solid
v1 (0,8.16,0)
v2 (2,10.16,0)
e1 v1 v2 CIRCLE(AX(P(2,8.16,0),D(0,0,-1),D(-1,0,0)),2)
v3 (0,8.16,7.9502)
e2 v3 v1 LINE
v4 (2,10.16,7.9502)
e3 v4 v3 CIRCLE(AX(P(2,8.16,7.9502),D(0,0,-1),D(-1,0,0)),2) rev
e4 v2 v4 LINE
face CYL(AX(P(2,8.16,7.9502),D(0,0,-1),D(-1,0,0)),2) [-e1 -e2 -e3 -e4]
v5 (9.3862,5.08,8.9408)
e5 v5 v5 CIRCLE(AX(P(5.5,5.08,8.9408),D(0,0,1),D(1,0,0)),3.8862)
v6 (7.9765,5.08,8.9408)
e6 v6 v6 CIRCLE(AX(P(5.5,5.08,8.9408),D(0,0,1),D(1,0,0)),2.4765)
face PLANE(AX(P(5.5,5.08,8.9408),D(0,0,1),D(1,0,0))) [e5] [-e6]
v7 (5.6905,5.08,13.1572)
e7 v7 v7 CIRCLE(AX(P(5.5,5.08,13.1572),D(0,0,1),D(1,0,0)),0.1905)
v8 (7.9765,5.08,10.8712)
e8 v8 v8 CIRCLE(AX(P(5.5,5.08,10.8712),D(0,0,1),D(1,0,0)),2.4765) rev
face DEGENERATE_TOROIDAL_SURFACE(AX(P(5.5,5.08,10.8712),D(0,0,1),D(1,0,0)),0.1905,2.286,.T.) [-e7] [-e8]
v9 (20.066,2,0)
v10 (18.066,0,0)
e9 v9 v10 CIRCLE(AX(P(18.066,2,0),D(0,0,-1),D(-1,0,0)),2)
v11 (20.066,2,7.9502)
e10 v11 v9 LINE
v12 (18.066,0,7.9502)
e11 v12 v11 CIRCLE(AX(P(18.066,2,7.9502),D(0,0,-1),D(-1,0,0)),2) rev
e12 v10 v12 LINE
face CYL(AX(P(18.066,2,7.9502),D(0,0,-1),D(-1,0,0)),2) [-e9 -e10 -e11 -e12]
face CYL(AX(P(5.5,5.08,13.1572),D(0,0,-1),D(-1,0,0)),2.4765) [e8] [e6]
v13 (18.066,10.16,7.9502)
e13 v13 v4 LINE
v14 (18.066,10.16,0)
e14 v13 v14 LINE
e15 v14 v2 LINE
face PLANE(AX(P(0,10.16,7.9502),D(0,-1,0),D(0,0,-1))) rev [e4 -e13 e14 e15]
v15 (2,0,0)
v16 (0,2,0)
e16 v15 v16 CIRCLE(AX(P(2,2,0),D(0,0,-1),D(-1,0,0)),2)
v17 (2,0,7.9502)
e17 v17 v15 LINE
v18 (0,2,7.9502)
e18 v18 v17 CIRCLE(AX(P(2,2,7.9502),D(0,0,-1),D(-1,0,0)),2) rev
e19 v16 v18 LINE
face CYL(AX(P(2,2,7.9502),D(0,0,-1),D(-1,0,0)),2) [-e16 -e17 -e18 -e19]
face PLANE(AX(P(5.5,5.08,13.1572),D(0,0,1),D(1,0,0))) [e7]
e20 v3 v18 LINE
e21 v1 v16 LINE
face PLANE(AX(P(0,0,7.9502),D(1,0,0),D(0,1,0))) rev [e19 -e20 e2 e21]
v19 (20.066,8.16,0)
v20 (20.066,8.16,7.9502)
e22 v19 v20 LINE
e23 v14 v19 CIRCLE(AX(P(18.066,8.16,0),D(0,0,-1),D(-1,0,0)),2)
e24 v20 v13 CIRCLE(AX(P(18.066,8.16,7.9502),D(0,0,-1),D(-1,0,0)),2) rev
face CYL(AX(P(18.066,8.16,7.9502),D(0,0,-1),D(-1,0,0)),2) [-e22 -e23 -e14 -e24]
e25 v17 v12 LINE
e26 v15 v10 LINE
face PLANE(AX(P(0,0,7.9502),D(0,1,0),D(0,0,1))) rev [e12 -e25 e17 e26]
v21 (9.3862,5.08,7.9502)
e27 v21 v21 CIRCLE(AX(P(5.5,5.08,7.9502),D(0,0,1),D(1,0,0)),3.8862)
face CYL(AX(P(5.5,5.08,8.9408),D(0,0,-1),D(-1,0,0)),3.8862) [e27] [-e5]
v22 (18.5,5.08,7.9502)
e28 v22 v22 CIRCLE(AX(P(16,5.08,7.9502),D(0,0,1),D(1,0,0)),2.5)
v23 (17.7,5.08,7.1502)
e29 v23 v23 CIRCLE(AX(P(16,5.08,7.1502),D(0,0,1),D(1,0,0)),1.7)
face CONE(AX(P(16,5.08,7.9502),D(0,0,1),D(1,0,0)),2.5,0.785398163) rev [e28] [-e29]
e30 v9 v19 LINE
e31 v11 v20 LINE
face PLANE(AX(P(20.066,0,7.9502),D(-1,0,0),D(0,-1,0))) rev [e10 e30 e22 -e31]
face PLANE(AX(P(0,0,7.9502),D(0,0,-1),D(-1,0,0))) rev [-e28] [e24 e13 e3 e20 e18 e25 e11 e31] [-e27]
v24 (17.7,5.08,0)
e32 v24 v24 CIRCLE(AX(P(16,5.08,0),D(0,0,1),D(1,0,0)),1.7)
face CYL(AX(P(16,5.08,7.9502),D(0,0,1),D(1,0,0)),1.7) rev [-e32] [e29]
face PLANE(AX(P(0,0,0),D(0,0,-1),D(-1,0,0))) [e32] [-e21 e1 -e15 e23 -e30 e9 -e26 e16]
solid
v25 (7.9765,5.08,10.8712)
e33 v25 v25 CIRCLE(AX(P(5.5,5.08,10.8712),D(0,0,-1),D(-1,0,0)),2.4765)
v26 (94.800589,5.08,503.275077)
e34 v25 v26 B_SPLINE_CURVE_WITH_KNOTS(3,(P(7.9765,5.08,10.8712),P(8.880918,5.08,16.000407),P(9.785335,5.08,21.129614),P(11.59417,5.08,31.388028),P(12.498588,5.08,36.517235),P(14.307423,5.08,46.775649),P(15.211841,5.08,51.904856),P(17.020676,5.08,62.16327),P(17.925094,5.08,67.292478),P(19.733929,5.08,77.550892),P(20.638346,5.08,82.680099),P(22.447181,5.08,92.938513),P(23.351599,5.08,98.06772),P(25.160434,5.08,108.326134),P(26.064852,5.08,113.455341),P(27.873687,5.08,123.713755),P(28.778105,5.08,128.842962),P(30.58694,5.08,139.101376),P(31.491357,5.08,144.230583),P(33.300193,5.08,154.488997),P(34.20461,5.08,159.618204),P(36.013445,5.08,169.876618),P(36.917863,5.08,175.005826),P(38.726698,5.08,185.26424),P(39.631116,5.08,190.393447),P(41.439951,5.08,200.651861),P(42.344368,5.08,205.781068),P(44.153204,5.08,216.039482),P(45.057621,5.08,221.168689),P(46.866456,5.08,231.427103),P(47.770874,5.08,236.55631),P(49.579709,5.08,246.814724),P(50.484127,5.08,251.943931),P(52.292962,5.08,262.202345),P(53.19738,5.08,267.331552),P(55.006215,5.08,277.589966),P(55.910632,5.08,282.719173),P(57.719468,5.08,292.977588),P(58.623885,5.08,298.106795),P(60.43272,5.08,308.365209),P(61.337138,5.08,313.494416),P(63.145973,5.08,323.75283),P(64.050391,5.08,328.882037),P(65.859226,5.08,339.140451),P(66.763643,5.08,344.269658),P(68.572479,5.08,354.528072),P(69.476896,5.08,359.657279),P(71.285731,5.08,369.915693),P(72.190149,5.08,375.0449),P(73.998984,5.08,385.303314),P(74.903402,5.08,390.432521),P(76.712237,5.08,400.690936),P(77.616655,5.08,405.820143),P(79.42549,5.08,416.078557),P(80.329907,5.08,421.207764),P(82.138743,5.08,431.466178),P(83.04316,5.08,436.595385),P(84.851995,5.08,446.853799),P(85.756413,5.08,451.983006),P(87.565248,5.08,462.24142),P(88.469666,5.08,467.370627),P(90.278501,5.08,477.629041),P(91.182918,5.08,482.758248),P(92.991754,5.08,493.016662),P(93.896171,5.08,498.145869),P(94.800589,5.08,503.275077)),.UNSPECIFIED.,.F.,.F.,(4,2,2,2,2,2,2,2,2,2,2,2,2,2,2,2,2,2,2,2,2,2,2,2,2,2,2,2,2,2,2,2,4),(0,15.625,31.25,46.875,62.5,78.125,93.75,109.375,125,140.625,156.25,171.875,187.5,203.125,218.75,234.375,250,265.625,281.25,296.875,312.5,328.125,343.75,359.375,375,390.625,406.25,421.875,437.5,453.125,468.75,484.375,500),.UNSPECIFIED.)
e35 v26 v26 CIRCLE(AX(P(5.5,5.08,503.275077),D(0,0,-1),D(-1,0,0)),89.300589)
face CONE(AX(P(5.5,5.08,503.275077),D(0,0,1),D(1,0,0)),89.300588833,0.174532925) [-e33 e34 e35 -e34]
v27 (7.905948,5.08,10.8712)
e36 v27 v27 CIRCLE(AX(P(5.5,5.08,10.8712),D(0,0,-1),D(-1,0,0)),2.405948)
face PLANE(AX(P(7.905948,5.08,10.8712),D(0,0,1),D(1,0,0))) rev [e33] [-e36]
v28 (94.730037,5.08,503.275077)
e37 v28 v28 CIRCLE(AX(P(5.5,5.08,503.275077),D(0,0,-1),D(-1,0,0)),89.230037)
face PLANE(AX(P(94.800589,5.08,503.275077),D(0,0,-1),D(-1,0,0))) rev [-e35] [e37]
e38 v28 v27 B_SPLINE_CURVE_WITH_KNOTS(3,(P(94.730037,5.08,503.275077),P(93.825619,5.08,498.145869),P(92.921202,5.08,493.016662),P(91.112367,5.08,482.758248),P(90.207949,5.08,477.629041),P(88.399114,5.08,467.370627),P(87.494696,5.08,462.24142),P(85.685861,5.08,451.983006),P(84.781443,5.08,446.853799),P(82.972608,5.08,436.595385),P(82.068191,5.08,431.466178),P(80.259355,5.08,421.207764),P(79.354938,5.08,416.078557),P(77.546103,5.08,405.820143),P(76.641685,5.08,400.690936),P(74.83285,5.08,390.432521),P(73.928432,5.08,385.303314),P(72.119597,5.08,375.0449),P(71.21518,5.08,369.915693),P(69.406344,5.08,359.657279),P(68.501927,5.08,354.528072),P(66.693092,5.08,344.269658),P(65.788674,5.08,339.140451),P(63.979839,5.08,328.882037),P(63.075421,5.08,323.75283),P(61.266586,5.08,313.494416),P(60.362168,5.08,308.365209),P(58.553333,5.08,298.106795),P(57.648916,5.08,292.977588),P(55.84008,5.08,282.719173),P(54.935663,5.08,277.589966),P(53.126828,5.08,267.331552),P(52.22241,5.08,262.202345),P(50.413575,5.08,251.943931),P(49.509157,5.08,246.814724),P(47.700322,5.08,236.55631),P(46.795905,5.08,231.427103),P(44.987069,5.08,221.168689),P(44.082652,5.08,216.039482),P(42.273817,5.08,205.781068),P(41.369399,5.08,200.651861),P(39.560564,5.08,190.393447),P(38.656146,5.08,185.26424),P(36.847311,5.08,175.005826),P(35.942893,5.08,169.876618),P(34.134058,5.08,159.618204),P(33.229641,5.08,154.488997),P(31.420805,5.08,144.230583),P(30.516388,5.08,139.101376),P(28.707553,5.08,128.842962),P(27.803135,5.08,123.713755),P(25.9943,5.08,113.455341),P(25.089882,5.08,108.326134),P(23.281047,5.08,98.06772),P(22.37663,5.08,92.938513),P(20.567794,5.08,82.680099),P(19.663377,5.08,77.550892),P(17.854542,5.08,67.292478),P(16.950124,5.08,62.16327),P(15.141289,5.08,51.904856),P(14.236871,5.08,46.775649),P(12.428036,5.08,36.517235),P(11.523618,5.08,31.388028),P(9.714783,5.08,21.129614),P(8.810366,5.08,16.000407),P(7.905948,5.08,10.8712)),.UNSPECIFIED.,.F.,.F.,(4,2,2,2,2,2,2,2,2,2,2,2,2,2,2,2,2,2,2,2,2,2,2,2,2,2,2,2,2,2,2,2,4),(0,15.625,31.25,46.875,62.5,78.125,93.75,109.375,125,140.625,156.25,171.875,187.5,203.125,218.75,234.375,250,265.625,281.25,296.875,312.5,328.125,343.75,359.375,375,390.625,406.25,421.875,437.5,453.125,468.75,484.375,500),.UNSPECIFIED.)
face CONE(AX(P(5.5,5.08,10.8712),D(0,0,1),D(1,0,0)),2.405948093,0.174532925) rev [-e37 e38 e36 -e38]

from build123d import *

# Parameters (mm, degrees)
SKETCH1_W                     = 20.066
SKETCH1_H                     = 10.16
BOSS_EXTRUDE1_DEPTH           = 7.9502
SKETCH2_R                     = 3.8862
BOSS_EXTRUDE2_DEPTH           = 0.9906
SKETCH3_R                     = 2.4765
BOSS_EXTRUDE3_DEPTH           = 4.2164
CSK_FOR_M3_SFHCS1_D           = 3.4
CSK_FOR_M3_SFHCS1_CSINK_D     = 5
CSK_FOR_M3_SFHCS1_CSINK_ANGLE = 90
FILLET1_R                     = 2.286
FILLET2_R                     = 2


with BuildPart() as part:
    # Sketch1 → Boss-Extrude1 (new body)
    with BuildSketch(Plane.XY):
        with Locations((10.033, 5.08)):
            Rectangle(SKETCH1_W, SKETCH1_H)
    extrude(amount=BOSS_EXTRUDE1_DEPTH)

    # Sketch2 → Boss-Extrude2 (add)
    with BuildSketch(Plane.XY.offset(7.9502)):
        with Locations((5.5, 5.08)):
            Circle(SKETCH2_R)
    extrude(amount=BOSS_EXTRUDE2_DEPTH)

    # Sketch3 → Boss-Extrude3 (add)
    with BuildSketch(Plane.XY.offset(8.9408)):
        with Locations((5.5, 5.08)):
            Circle(SKETCH3_R)
    extrude(amount=BOSS_EXTRUDE3_DEPTH)

    # CSK for M3 SFHCS1 (through all)
    with Locations(Plane.XY.offset(7.9502)):
        with Locations((16, 5.08)):
            CounterSinkHole(CSK_FOR_M3_SFHCS1_D / 2, CSK_FOR_M3_SFHCS1_CSINK_D / 2, counter_sink_angle=CSK_FOR_M3_SFHCS1_CSINK_ANGLE)

    # Fillet1
    fillet1_edges = [part.edges().sort_by_distance(p)[0] for p in [
        (3.0235, 5.08, 13.1572),
    ]]
    fillet(fillet1_edges, radius=FILLET1_R)

    # Fillet2
    fillet2_edges = [part.edges().sort_by_distance(p)[0] for p in [
        (0, 10.16, 3.9751),
        (20.066, 10.16, 3.9751),
        (20.066, 0, 3.9751),
        (0, 0, 3.9751),
    ]]
    fillet(fillet2_edges, radius=FILLET2_R)


with BuildPart() as body_2:
    # Sketch7 → Reciving View (revolve)
    with BuildSketch(Plane(origin=(0, 5.08, 0), x_dir=(1, 0, 0), z_dir=(0, 1, 0))):
        Polygon((7.9765, -10.8712), (94.800588833, -503.275076506), (94.730036927, -503.275076506), (7.905948093, -10.8712), align=None)
    revolve(axis=Axis((5.5, 5.08, 13.1572), (0, 0, 1)))


solid = Compound([part.part, body_2.part])
